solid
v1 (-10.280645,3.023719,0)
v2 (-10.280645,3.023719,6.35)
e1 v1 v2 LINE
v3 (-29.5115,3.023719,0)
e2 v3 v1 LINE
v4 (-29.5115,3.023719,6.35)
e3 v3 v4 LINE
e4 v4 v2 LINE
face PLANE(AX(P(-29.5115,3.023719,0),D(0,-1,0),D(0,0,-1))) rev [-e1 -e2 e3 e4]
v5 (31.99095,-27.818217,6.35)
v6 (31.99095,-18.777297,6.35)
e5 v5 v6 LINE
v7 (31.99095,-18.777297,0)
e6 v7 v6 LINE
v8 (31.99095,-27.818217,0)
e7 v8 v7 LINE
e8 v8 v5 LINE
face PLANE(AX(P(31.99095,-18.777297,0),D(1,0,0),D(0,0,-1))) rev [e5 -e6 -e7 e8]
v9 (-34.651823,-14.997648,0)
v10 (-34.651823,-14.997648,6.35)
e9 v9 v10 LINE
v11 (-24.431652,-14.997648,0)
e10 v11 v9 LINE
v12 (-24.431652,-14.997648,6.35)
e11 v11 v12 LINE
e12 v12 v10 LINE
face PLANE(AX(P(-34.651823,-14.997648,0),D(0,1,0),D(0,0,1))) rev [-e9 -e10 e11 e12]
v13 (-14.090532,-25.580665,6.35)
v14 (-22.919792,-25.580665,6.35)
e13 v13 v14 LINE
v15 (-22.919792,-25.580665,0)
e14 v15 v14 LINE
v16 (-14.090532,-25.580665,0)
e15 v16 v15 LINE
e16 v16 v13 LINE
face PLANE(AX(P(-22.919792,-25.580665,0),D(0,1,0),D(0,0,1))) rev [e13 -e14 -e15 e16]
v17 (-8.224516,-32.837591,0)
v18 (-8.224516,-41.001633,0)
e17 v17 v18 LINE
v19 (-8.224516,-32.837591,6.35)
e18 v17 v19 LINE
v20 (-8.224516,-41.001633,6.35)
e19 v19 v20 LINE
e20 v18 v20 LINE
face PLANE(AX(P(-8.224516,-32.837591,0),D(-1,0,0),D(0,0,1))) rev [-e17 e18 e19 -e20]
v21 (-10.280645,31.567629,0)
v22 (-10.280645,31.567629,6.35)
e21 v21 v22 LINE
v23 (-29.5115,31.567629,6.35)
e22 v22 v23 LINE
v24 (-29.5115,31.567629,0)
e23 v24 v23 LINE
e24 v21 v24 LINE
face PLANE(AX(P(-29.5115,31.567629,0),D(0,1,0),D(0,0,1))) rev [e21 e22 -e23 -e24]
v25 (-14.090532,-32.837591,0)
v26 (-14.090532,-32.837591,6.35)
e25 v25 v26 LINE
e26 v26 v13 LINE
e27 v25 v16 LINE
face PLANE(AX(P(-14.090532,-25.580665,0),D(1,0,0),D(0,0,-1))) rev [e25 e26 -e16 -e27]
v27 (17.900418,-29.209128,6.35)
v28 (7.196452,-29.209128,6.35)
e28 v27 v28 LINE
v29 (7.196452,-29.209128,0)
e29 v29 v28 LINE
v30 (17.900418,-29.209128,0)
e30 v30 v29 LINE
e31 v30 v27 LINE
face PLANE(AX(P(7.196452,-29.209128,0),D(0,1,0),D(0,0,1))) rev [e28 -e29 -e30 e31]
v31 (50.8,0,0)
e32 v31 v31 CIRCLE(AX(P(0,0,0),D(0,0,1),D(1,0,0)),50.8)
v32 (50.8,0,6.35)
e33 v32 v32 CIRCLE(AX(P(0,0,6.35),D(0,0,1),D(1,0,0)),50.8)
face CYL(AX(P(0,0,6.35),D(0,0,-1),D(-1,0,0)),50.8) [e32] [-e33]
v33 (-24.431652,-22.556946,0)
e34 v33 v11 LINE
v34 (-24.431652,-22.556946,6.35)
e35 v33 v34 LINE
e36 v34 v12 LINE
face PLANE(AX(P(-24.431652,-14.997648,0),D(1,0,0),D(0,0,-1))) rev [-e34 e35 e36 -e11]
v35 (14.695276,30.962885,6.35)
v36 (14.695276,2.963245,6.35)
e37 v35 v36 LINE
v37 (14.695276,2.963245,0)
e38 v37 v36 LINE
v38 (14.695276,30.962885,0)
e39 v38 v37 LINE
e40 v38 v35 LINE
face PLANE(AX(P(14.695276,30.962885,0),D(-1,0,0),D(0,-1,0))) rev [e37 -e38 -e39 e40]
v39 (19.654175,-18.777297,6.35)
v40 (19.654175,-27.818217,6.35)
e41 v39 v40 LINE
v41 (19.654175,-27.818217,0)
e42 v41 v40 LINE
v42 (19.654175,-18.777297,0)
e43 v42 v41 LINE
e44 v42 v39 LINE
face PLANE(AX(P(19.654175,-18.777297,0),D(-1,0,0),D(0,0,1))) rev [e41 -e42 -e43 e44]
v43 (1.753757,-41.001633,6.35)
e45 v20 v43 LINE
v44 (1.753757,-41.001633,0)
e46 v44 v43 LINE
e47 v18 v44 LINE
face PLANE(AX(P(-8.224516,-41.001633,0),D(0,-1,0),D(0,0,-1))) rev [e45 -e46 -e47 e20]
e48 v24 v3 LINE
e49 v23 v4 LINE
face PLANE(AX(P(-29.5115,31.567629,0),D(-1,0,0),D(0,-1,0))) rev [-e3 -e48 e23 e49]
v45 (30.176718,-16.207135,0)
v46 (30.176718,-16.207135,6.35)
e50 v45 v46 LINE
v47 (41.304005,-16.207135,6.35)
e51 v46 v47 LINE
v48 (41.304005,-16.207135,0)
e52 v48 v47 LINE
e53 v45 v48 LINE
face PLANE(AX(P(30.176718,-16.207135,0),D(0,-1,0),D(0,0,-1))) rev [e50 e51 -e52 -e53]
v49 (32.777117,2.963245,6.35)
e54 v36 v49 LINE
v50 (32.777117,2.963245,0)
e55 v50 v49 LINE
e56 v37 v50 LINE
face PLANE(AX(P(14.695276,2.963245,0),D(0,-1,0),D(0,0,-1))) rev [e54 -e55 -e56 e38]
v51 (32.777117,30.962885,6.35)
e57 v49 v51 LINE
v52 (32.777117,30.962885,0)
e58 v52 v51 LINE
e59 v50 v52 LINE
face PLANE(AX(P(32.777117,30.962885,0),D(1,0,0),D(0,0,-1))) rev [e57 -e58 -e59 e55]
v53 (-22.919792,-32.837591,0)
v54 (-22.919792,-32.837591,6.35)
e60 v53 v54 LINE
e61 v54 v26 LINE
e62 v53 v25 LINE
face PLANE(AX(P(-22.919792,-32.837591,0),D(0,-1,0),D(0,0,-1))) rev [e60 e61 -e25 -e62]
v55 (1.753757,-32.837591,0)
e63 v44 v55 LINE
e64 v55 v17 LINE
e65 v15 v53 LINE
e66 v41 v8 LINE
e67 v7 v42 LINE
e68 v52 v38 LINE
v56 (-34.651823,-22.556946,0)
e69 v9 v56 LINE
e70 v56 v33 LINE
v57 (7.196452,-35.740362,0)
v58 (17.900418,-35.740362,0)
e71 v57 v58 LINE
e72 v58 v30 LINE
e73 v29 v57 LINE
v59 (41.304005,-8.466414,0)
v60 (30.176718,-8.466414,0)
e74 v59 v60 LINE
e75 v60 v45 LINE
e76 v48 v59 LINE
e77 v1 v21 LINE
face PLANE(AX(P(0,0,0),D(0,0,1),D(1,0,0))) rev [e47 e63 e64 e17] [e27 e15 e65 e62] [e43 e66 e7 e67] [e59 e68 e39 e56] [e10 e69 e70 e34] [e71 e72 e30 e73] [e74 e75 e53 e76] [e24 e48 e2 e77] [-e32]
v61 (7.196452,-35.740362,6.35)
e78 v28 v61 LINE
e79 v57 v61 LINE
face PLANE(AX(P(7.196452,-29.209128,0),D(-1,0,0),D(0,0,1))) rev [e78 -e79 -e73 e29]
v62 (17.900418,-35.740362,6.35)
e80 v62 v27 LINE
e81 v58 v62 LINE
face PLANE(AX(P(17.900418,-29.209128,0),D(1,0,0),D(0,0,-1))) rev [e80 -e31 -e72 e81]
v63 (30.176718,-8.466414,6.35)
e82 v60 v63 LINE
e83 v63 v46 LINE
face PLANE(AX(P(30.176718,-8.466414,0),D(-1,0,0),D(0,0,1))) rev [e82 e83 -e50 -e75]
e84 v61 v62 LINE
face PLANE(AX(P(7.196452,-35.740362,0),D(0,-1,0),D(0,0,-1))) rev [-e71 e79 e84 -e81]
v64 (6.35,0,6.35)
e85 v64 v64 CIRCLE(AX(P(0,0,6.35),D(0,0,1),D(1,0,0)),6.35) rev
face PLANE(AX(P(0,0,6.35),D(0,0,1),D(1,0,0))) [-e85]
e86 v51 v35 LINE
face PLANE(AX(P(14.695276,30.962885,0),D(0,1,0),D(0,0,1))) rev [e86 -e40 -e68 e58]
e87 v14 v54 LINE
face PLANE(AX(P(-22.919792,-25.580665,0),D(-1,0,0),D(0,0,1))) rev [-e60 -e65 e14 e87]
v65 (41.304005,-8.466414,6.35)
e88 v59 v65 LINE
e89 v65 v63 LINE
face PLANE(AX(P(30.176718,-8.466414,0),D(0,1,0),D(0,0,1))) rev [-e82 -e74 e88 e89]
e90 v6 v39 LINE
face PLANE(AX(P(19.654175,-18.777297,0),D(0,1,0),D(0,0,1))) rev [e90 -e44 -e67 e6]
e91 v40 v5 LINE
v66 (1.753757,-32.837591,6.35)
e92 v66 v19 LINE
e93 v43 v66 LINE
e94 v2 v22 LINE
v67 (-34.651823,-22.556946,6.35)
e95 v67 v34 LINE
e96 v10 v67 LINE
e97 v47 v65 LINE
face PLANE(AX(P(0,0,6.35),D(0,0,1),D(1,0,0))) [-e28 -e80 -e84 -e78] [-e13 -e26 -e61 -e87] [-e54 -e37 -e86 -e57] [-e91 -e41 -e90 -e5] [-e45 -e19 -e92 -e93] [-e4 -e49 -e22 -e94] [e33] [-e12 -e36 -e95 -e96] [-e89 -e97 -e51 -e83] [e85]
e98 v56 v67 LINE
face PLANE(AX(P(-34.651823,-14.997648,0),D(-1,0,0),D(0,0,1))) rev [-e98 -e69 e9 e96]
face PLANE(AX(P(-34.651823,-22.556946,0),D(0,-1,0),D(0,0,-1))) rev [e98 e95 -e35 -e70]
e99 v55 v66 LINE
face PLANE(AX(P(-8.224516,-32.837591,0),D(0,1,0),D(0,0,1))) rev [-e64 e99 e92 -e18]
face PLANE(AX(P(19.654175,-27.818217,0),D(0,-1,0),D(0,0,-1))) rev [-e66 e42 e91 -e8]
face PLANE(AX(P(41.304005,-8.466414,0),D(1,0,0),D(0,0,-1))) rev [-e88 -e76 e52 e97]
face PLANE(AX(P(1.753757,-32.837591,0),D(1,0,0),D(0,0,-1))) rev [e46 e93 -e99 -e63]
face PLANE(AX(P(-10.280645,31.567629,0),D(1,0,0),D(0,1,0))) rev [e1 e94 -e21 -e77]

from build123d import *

# Parameters (mm, degrees)
SKETCH1_R           = 50.8
BOSS_EXTRUDE1_DEPTH = 6.35
SKETCH2_W           = 19.230854478
SKETCH2_H           = 28.543909792
SKETCH2_W_2         = 18.081841161
SKETCH2_H_2         = 27.999640326
SKETCH2_W_3         = 10.22017109
SKETCH2_H_3         = 7.559298144
SKETCH2_W_4         = 8.829260232
SKETCH2_H_4         = 7.256926218
SKETCH2_W_5         = 9.97827355
SKETCH2_H_5         = 8.164041996
SKETCH2_W_6         = 10.703966172
SKETCH2_H_6         = 6.531233596
SKETCH2_W_7         = 12.336774571
SKETCH2_H_7         = 9.04092058
SKETCH2_W_8         = 11.127286868
SKETCH2_H_8         = 7.7407213
CUT_EXTRUDE1_DEPTH  = 73.122135992


with BuildPart() as part:
    # Sketch1 → Boss-Extrude1 (new body)
    with BuildSketch(Plane.XY):
        Circle(SKETCH1_R)
    extrude(amount=BOSS_EXTRUDE1_DEPTH)

    # Sketch2 → Cut-Extrude1 (cut, through all)
    with BuildSketch(Plane.XY.offset(6.35)):
        with Locations((-19.896072715, 17.295674154)):
            Rectangle(SKETCH2_W, SKETCH2_H)
        with Locations((23.736196173, 16.963065035)):
            Rectangle(SKETCH2_W_2, SKETCH2_H_2)
        with Locations((-29.541737147, -18.77729659)):
            Rectangle(SKETCH2_W_3, SKETCH2_H_3)
        with Locations((-18.505161857, -29.209128029)):
            Rectangle(SKETCH2_W_4, SKETCH2_H_4)
        with Locations((-3.235379606, -36.919612136)):
            Rectangle(SKETCH2_W_5, SKETCH2_H_5)
        with Locations((12.548434919, -32.474744827)):
            Rectangle(SKETCH2_W_6, SKETCH2_H_6)
        with Locations((25.822562461, -23.29775688)):
            Rectangle(SKETCH2_W_7, SKETCH2_H_7)
        with Locations((35.740361625, -12.336774571)):
            Rectangle(SKETCH2_W_8, SKETCH2_H_8)
    extrude(amount=-CUT_EXTRUDE1_DEPTH, mode=Mode.SUBTRACT)


solid = part.part
